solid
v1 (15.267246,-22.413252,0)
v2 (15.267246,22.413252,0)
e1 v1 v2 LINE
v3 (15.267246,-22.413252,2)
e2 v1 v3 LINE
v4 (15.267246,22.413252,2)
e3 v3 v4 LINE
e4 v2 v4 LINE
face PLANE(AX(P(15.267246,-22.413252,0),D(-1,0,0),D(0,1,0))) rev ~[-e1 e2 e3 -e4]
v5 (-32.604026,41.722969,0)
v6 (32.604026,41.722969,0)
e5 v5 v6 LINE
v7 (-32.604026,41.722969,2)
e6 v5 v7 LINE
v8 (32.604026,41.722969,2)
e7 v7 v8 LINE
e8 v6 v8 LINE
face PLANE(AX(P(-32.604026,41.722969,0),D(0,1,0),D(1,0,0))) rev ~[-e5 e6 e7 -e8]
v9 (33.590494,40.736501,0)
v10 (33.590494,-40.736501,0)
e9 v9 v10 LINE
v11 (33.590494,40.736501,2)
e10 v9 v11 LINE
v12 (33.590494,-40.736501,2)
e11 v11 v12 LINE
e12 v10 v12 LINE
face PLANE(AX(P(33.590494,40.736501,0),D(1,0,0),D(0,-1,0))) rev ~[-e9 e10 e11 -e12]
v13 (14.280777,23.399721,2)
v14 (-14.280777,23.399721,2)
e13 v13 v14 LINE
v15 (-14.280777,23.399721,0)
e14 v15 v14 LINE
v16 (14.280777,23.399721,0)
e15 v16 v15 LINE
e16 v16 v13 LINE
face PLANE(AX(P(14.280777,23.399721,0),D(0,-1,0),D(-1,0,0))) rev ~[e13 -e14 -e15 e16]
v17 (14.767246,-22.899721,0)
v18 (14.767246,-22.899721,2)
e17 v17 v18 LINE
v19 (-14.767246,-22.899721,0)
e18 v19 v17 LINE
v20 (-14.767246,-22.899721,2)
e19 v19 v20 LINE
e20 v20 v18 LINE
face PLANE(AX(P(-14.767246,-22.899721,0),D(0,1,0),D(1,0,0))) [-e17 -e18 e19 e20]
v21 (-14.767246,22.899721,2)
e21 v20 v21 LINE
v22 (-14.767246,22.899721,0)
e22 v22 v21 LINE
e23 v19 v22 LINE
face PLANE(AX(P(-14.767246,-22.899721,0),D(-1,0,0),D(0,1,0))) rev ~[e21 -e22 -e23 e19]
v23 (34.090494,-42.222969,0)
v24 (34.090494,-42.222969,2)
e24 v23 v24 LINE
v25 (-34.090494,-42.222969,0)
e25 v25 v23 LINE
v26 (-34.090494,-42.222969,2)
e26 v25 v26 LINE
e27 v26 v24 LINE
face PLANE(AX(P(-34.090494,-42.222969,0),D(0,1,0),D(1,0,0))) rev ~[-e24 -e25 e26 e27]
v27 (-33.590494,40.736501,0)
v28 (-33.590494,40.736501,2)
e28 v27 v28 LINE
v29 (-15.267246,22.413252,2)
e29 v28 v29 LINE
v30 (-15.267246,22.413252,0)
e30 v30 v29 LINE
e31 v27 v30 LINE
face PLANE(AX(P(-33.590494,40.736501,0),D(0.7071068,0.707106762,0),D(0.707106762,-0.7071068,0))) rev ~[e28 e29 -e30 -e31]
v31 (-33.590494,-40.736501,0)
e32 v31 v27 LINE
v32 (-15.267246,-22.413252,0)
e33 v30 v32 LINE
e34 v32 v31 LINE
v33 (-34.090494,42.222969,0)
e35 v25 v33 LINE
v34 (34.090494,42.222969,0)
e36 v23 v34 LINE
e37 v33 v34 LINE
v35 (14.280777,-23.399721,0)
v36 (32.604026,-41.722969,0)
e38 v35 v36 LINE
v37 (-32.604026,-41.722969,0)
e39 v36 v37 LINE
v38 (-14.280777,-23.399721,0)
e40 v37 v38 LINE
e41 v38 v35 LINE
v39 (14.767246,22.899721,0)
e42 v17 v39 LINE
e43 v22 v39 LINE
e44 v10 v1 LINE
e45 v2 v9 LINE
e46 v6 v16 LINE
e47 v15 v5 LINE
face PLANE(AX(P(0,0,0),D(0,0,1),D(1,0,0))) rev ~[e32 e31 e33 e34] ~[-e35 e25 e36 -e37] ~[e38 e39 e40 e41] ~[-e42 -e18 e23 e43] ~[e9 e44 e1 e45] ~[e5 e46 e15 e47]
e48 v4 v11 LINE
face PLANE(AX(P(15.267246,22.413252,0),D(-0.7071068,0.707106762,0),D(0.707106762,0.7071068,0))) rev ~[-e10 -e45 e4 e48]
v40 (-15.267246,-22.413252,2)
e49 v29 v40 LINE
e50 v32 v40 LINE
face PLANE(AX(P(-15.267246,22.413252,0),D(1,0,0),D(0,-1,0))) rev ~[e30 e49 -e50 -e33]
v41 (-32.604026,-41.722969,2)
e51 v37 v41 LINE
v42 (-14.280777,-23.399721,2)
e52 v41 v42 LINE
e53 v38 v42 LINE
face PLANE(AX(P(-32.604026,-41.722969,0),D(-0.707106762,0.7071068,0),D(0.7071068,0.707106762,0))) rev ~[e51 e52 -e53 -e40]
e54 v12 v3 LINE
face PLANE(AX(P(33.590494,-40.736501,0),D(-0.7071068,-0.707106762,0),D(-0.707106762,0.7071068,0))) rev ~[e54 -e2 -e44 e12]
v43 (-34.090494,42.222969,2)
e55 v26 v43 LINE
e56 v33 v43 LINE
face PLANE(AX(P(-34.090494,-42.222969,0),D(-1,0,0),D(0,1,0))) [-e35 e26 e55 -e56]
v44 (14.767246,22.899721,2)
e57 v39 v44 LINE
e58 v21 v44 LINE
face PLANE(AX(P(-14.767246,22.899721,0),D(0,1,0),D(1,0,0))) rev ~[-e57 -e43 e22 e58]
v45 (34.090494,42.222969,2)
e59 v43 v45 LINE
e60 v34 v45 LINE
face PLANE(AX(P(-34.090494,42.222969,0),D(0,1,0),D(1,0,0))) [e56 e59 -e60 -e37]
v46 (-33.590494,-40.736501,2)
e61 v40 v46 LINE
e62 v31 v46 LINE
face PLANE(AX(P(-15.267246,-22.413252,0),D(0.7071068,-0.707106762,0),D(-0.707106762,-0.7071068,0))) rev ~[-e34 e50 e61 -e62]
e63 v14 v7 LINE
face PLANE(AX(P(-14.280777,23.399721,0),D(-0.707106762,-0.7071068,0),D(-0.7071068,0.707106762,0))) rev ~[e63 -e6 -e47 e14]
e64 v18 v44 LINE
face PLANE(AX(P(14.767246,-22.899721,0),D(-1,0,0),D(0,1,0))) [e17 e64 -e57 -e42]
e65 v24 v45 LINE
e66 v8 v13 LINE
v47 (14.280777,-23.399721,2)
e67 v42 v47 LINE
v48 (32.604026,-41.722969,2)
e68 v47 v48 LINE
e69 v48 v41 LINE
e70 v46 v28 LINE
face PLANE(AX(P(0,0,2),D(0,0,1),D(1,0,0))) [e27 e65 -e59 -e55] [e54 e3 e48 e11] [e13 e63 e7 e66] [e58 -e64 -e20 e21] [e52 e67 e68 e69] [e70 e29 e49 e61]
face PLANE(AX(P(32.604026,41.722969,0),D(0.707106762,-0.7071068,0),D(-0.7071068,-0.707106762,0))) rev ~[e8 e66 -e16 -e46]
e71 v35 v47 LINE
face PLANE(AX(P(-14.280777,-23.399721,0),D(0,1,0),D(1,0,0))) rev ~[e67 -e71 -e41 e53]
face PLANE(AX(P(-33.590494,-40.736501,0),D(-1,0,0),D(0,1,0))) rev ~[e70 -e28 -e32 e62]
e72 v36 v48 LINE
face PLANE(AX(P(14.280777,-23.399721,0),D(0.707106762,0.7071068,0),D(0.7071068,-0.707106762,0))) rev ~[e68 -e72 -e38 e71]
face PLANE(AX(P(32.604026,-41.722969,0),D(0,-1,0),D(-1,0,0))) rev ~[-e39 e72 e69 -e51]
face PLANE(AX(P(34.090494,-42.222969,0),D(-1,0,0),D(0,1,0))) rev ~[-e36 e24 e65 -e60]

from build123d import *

# Parameters (mm, degrees)
F0_W     = 68.180988
F0_H     = 84.445938
F0_W_2   = 29.534492
F0_H_2   = 45.799442
F1_DEPTH = 2


with BuildPart() as f1:
    # F0 (on Top) → F1 (new body)
    with BuildSketch(Plane.XY):
        Rectangle(F0_W, F0_H)
        Polygon((-33.590494, 40.736501), (-33.590494, 41.722969), (-32.604026, 41.722969), (32.604026, 41.722969), (33.590494, 41.722969), (33.590494, 40.736501), (33.590494, -40.736501), (33.590494, -41.722969), (32.604026, -41.722969), (-32.604026, -41.722969), (-33.590494, -41.722969), (-33.590494, -40.736501), align=None, mode=Mode.SUBTRACT)
        Polygon((-15.267246, -22.413252), (-33.590494, -40.736501), (-33.590494, -41.722969), (-32.604026, -41.722969), (-14.280777, -23.399721), (-15.267246, -23.399721), align=None)
        Polygon((-32.604026, 41.722969), (-33.590494, 41.722969), (-33.590494, 40.736501), (-15.267246, 22.413252), (-15.267246, 23.399721), (-14.280777, 23.399721), align=None)
        Polygon((33.590494, 41.722969), (32.604026, 41.722969), (14.280777, 23.399721), (15.267246, 23.399721), (15.267246, 22.413252), (33.590494, 40.736501), align=None)
        Polygon((14.280777, -23.399721), (32.604026, -41.722969), (33.590494, -41.722969), (33.590494, -40.736501), (15.267246, -22.413252), (15.267246, -23.399721), align=None)
        Polygon((-15.267246, 23.399721), (-15.267246, 22.413252), (-15.267246, -22.413252), (-15.267246, -23.399721), (-14.280777, -23.399721), (14.280777, -23.399721), (15.267246, -23.399721), (15.267246, -22.413252), (15.267246, 22.413252), (15.267246, 23.399721), (14.280777, 23.399721), (-14.280777, 23.399721), align=None)
        Rectangle(F0_W_2, F0_H_2, mode=Mode.SUBTRACT)
    extrude(amount=F1_DEPTH)


solid = f1.part
